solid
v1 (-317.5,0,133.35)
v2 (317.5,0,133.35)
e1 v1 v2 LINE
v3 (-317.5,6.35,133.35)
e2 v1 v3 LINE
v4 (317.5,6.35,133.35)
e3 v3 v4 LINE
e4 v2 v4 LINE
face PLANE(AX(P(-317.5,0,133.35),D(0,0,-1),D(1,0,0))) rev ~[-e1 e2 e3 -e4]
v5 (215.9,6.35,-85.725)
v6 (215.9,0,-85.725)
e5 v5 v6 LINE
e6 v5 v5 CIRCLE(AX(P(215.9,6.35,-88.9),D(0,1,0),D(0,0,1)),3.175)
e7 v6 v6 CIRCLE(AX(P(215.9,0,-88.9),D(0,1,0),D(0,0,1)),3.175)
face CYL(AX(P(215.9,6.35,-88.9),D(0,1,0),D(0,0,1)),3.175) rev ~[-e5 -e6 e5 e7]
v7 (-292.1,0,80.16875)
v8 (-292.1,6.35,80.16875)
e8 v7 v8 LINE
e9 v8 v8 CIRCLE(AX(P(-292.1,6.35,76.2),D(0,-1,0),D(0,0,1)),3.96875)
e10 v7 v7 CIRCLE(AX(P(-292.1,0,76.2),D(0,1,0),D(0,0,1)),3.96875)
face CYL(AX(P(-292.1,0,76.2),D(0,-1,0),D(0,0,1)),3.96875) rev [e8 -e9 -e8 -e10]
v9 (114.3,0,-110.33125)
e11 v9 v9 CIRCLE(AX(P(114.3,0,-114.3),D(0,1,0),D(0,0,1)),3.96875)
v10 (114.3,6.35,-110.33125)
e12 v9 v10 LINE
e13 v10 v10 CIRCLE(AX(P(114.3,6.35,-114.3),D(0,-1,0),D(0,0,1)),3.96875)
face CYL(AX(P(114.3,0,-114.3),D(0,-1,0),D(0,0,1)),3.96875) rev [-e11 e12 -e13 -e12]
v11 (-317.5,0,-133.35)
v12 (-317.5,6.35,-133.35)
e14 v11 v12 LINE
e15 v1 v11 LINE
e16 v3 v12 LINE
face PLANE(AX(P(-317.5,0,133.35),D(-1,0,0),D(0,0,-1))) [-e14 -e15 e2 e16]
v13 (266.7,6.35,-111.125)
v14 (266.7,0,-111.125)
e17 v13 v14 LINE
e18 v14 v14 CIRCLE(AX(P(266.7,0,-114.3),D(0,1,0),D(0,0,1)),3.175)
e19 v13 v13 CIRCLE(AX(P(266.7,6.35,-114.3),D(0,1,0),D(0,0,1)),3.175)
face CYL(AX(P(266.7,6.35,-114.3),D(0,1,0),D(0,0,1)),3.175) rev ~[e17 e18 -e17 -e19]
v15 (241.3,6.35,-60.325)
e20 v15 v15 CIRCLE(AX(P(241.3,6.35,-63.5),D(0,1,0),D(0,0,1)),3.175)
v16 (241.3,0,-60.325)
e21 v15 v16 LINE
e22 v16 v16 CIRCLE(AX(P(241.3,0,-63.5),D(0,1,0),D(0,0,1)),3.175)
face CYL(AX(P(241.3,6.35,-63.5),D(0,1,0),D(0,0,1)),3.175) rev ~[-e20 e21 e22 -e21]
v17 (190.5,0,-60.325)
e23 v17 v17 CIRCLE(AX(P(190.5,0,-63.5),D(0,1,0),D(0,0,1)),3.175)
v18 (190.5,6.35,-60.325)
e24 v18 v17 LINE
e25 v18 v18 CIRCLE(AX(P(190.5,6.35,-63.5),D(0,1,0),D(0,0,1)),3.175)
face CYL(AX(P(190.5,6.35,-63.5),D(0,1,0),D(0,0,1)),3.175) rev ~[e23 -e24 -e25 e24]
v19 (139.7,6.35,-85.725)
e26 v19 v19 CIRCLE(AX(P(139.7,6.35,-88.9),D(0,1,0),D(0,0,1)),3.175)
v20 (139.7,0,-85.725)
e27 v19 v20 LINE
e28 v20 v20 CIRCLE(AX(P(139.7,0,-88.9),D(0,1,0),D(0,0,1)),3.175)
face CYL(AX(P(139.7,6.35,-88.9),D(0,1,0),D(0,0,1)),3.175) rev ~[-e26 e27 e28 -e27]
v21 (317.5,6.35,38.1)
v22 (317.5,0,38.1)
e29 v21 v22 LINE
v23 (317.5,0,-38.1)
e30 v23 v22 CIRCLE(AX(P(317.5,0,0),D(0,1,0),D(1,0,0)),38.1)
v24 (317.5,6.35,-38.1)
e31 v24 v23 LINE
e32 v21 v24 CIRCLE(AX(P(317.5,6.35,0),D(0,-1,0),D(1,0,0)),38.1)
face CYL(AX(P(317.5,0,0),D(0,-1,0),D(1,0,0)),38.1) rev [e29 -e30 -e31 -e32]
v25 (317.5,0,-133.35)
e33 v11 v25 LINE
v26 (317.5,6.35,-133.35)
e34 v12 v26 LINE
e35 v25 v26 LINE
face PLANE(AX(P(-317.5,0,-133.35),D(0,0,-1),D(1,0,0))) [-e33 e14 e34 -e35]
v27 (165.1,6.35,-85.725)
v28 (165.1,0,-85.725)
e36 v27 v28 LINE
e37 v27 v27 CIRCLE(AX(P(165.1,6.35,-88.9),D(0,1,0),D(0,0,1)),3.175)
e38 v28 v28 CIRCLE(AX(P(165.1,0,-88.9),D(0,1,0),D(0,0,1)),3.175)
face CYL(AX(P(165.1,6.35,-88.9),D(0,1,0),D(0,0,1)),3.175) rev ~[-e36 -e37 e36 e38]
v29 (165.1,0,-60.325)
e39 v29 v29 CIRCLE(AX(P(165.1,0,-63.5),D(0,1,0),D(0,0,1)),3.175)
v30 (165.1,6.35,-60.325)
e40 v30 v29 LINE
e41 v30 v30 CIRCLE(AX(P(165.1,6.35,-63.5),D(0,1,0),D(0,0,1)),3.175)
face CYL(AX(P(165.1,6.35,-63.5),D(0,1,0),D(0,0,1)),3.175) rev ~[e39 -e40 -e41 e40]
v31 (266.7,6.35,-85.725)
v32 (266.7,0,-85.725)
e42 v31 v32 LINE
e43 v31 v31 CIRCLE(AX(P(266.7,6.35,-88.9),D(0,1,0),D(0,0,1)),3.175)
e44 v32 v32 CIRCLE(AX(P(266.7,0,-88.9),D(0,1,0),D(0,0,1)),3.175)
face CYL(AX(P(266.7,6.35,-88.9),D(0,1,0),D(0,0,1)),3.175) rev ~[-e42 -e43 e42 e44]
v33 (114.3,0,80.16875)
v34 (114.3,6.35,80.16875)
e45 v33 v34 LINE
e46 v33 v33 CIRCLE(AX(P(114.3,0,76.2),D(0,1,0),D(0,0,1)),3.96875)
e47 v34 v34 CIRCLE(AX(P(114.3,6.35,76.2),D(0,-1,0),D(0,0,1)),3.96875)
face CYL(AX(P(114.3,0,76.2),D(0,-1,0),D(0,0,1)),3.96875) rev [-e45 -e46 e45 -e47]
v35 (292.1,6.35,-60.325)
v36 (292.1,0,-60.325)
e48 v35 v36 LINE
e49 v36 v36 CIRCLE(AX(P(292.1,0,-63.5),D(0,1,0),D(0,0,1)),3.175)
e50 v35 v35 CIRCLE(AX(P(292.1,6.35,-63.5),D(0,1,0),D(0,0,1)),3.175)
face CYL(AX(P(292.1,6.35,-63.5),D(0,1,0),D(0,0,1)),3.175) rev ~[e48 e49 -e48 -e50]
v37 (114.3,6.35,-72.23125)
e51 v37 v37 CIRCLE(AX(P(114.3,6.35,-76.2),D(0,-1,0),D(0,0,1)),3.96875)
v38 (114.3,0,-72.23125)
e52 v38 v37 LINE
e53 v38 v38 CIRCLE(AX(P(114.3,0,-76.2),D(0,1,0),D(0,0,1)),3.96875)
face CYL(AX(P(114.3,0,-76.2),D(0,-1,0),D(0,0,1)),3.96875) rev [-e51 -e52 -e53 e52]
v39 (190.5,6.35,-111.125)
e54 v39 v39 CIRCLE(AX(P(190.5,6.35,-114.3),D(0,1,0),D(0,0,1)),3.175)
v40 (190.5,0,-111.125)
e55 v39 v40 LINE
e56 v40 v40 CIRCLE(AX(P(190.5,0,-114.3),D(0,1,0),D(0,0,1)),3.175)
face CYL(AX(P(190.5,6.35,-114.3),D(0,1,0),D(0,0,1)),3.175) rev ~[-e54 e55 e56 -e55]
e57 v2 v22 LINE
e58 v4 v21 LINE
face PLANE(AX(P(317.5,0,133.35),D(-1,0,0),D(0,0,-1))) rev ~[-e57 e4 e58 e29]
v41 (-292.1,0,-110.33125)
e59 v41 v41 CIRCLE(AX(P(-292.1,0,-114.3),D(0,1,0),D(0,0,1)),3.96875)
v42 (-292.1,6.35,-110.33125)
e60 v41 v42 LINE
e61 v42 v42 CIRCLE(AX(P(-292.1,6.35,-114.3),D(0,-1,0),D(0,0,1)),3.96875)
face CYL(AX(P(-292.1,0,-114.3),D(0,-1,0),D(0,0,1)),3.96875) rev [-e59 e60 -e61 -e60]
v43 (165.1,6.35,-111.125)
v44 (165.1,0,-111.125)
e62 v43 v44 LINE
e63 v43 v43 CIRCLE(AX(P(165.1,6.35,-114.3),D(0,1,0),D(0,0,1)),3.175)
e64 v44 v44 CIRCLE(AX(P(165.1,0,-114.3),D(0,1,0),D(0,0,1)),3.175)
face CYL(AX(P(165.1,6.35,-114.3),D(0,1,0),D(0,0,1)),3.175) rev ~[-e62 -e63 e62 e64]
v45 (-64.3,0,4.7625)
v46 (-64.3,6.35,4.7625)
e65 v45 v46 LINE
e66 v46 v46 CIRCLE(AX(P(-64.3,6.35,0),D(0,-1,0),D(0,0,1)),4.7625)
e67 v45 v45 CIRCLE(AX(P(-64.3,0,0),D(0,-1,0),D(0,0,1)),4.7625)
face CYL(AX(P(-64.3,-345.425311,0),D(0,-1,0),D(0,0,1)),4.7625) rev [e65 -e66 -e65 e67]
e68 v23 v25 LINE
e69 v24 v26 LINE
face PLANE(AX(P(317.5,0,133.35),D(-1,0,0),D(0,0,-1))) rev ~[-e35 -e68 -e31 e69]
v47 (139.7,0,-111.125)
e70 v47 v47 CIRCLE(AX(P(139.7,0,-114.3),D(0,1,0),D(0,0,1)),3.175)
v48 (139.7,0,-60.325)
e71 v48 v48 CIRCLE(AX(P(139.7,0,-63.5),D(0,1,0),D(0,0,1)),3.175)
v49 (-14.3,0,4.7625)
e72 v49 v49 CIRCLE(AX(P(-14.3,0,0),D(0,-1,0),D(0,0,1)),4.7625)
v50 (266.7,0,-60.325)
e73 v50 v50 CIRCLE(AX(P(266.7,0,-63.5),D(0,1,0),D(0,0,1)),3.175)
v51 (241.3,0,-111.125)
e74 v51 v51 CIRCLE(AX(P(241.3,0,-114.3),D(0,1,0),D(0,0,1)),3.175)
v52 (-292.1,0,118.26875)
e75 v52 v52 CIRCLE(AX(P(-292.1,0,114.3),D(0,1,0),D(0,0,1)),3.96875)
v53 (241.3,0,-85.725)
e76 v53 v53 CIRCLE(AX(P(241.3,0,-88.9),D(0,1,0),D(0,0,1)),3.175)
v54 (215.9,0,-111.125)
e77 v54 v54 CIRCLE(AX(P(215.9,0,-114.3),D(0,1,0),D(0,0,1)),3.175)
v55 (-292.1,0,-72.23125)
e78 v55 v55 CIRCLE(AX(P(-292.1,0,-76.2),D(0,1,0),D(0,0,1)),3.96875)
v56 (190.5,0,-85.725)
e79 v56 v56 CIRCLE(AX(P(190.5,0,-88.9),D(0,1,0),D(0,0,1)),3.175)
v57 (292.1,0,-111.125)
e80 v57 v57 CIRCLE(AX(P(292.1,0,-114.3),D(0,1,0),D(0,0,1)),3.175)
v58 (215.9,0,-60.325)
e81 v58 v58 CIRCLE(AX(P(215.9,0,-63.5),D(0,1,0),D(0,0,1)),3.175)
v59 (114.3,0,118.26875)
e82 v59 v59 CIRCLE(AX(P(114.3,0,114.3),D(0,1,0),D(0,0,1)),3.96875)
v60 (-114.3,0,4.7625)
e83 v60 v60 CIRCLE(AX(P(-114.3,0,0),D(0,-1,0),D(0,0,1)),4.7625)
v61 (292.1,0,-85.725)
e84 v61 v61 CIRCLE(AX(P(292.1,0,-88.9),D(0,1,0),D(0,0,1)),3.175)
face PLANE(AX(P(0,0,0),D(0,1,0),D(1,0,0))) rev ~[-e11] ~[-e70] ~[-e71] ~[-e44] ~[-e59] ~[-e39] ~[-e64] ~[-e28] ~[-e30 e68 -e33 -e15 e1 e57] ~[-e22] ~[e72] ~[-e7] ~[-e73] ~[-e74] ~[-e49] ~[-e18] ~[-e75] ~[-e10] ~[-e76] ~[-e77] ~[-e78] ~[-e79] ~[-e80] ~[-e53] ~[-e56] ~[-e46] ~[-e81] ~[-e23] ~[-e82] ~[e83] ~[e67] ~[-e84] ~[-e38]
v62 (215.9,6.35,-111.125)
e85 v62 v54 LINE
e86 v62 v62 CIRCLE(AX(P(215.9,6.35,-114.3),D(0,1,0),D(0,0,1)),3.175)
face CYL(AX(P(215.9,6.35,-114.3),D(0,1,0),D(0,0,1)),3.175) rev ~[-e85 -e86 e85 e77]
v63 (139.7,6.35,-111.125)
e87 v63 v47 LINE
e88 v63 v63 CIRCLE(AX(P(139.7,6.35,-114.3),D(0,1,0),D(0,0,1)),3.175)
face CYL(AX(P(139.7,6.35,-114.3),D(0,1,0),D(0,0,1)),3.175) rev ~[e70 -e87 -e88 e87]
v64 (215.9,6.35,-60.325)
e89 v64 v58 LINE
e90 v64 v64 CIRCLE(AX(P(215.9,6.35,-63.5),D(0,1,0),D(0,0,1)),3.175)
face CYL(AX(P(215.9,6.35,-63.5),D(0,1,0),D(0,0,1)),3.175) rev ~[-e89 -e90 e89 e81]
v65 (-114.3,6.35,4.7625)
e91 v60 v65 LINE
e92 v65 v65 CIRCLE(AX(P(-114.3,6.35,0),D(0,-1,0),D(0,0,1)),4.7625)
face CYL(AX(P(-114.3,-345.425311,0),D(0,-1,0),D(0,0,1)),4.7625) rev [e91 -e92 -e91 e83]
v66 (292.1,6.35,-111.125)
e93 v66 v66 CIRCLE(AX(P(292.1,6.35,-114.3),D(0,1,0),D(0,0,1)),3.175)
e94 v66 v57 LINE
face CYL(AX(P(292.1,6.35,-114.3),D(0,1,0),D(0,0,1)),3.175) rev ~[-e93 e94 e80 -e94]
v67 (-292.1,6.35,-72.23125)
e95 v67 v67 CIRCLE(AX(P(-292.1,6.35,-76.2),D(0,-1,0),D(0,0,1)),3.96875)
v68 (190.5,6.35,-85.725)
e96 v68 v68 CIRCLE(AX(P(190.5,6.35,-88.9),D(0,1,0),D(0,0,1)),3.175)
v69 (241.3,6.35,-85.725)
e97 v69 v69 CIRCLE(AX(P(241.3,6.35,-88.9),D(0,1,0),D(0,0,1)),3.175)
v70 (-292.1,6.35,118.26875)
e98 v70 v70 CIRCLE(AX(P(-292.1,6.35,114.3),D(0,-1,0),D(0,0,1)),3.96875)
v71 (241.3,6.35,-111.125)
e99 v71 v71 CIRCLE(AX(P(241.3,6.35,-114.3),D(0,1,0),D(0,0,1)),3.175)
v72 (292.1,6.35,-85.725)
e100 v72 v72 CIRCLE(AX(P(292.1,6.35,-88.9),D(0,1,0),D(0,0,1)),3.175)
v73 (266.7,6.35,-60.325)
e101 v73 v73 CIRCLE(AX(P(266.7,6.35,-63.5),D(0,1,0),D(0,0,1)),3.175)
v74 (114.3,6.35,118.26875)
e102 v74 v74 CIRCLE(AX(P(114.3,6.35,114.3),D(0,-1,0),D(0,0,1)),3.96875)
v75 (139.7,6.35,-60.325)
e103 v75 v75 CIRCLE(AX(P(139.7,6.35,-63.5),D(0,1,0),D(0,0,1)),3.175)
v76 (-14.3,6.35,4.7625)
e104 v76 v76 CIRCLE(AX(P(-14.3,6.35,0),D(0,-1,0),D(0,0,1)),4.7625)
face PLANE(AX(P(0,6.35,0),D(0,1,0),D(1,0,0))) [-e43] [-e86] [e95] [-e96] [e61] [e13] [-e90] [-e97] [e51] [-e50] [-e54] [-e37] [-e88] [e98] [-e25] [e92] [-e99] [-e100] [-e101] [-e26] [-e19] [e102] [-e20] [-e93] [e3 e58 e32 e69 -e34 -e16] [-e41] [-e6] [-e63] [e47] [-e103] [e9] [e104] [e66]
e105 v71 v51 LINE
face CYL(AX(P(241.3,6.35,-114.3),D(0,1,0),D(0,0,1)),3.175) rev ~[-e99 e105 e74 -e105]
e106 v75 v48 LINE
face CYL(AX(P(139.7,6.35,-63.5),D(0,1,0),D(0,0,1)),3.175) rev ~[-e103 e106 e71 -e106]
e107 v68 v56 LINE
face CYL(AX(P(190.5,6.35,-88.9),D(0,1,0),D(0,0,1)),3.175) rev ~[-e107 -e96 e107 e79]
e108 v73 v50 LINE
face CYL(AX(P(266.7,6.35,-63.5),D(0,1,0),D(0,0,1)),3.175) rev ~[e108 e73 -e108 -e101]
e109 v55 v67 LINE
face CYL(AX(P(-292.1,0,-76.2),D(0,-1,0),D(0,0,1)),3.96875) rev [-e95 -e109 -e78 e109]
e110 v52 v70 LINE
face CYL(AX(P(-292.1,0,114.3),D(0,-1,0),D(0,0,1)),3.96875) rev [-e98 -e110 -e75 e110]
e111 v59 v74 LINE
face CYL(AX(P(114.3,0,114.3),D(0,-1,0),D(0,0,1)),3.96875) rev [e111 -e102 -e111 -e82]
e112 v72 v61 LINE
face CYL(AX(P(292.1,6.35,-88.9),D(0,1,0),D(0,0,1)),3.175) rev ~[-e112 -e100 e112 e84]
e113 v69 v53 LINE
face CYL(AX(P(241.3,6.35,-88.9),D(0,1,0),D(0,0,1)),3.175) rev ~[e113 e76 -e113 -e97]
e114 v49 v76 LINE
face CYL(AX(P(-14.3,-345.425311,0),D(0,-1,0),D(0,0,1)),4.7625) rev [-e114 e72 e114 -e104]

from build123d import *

# Parameters (mm, degrees)
SKETCH1_W               = 635
SKETCH1_H               = 266.7
BOSS_EXTRUDE1_DEPTH     = 6.35
CUT_EXTRUDE2_DEPTH      = 345.425311207
CUT_EXTRUDE2_DEPTH_BACK = 345.425311207
SKETCH2_R               = 4.7625
SKETCH3_R               = 3.96875
CUT_EXTRUDE4_DEPTH      = 345.425311207
SKETCH4_R               = 38.1
CUT_EXTRUDE6_DEPTH      = 345.425311207
SKETCH5_R               = 3.175
CUT_EXTRUDE7_DEPTH      = 345.425311207


with BuildPart() as part:
    # Sketch1 → Boss-Extrude1 (new body)
    with BuildSketch(Plane(origin=(0, 0, 0), x_dir=(1, 0, 0), z_dir=(0, 1, 0))):
        Rectangle(SKETCH1_W, SKETCH1_H)
    extrude(amount=BOSS_EXTRUDE1_DEPTH)

    # Sketch2 → Cut-Extrude2 (cut, two sides: drawn at the far end of the back side and taken through both)
    with BuildSketch(Plane(origin=(0, 0, 0), x_dir=(-1, 0, 0), z_dir=(0, 1, 0)).offset(-CUT_EXTRUDE2_DEPTH_BACK)):
        with Locations(Location((114.3, 0, 0), (0, 0, 90))):
            Circle(SKETCH2_R)
        with Locations(Location((64.3, 0, 0), (0, 0, 90))):
            Circle(SKETCH2_R)
        with Locations(Location((14.3, 0, 0), (0, 0, 90))):
            Circle(SKETCH2_R)
    extrude(amount=CUT_EXTRUDE2_DEPTH + CUT_EXTRUDE2_DEPTH_BACK, mode=Mode.SUBTRACT)

    # Sketch3 → Cut-Extrude4 (cut, through all)
    with BuildSketch(Plane(origin=(0, 0, 0), x_dir=(1, 0, 0), z_dir=(0, 1, 0))):
        with Locations(Location((-292.1, 114.3, 0), (0, 0, 270))):
            Circle(SKETCH3_R)
        with Locations(Location((-292.1, 76.2, 0), (0, 0, 270))):
            Circle(SKETCH3_R)
        with Locations(Location((-292.1, -76.2, 0), (0, 0, 270))):
            Circle(SKETCH3_R)
        with Locations(Location((-292.1, -114.3, 0), (0, 0, 270))):
            Circle(SKETCH3_R)
        with Locations(Location((114.3, 114.3, 0), (0, 0, 270))):
            Circle(SKETCH3_R)
        with Locations(Location((114.3, 76.2, 0), (0, 0, 270))):
            Circle(SKETCH3_R)
        with Locations(Location((114.3, -76.2, 0), (0, 0, 270))):
            Circle(SKETCH3_R)
        with Locations(Location((114.3, -114.3, 0), (0, 0, 270))):
            Circle(SKETCH3_R)
    extrude(amount=CUT_EXTRUDE4_DEPTH, mode=Mode.SUBTRACT)

    # Sketch4 → Cut-Extrude6 (cut, through all)
    with BuildSketch(Plane(origin=(0, 0, 0), x_dir=(1, 0, 0), z_dir=(0, 1, 0))):
        with Locations((317.5, 0)):
            Circle(SKETCH4_R)
    extrude(amount=CUT_EXTRUDE6_DEPTH, mode=Mode.SUBTRACT)

    # Sketch5 → Cut-Extrude7 (cut, through all)
    with BuildSketch(Plane(origin=(0, 6.35, 0), x_dir=(1, 0, 0), z_dir=(0, 1, 0))):
        with Locations(Location((139.7, 114.3, 0), (0, 0, 270))):
            Circle(SKETCH5_R)
        with Locations(Location((165.1, 114.3, 0), (0, 0, 270))):
            Circle(SKETCH5_R)
        with Locations(Location((190.5, 114.3, 0), (0, 0, 270))):
            Circle(SKETCH5_R)
        with Locations(Location((215.9, 114.3, 0), (0, 0, 270))):
            Circle(SKETCH5_R)
        with Locations(Location((241.3, 114.3, 0), (0, 0, 270))):
            Circle(SKETCH5_R)
        with Locations(Location((266.7, 114.3, 0), (0, 0, 270))):
            Circle(SKETCH5_R)
        with Locations(Location((292.1, 114.3, 0), (0, 0, 270))):
            Circle(SKETCH5_R)
        with Locations(Location((165.1, 88.9, 0), (0, 0, 270))):
            Circle(SKETCH5_R)
        with Locations(Location((190.5, 88.9, 0), (0, 0, 270))):
            Circle(SKETCH5_R)
        with Locations(Location((215.9, 88.9, 0), (0, 0, 270))):
            Circle(SKETCH5_R)
        with Locations(Location((241.3, 88.9, 0), (0, 0, 270))):
            Circle(SKETCH5_R)
        with Locations(Location((266.7, 88.9, 0), (0, 0, 270))):
            Circle(SKETCH5_R)
        with Locations(Location((292.1, 88.9, 0), (0, 0, 270))):
            Circle(SKETCH5_R)
        with Locations(Location((165.1, 63.5, 0), (0, 0, 270))):
            Circle(SKETCH5_R)
        with Locations(Location((190.5, 63.5, 0), (0, 0, 270))):
            Circle(SKETCH5_R)
        with Locations(Location((215.9, 63.5, 0), (0, 0, 270))):
            Circle(SKETCH5_R)
        with Locations(Location((241.3, 63.5, 0), (0, 0, 270))):
            Circle(SKETCH5_R)
        with Locations(Location((266.7, 63.5, 0), (0, 0, 270))):
            Circle(SKETCH5_R)
        with Locations(Location((292.1, 63.5, 0), (0, 0, 270))):
            Circle(SKETCH5_R)
        with Locations(Location((139.7, 88.9, 0), (0, 0, 270))):
            Circle(SKETCH5_R)
        with Locations(Location((139.7, 63.5, 0), (0, 0, 270))):
            Circle(SKETCH5_R)
    extrude(amount=-CUT_EXTRUDE7_DEPTH, mode=Mode.SUBTRACT)


solid = part.part
